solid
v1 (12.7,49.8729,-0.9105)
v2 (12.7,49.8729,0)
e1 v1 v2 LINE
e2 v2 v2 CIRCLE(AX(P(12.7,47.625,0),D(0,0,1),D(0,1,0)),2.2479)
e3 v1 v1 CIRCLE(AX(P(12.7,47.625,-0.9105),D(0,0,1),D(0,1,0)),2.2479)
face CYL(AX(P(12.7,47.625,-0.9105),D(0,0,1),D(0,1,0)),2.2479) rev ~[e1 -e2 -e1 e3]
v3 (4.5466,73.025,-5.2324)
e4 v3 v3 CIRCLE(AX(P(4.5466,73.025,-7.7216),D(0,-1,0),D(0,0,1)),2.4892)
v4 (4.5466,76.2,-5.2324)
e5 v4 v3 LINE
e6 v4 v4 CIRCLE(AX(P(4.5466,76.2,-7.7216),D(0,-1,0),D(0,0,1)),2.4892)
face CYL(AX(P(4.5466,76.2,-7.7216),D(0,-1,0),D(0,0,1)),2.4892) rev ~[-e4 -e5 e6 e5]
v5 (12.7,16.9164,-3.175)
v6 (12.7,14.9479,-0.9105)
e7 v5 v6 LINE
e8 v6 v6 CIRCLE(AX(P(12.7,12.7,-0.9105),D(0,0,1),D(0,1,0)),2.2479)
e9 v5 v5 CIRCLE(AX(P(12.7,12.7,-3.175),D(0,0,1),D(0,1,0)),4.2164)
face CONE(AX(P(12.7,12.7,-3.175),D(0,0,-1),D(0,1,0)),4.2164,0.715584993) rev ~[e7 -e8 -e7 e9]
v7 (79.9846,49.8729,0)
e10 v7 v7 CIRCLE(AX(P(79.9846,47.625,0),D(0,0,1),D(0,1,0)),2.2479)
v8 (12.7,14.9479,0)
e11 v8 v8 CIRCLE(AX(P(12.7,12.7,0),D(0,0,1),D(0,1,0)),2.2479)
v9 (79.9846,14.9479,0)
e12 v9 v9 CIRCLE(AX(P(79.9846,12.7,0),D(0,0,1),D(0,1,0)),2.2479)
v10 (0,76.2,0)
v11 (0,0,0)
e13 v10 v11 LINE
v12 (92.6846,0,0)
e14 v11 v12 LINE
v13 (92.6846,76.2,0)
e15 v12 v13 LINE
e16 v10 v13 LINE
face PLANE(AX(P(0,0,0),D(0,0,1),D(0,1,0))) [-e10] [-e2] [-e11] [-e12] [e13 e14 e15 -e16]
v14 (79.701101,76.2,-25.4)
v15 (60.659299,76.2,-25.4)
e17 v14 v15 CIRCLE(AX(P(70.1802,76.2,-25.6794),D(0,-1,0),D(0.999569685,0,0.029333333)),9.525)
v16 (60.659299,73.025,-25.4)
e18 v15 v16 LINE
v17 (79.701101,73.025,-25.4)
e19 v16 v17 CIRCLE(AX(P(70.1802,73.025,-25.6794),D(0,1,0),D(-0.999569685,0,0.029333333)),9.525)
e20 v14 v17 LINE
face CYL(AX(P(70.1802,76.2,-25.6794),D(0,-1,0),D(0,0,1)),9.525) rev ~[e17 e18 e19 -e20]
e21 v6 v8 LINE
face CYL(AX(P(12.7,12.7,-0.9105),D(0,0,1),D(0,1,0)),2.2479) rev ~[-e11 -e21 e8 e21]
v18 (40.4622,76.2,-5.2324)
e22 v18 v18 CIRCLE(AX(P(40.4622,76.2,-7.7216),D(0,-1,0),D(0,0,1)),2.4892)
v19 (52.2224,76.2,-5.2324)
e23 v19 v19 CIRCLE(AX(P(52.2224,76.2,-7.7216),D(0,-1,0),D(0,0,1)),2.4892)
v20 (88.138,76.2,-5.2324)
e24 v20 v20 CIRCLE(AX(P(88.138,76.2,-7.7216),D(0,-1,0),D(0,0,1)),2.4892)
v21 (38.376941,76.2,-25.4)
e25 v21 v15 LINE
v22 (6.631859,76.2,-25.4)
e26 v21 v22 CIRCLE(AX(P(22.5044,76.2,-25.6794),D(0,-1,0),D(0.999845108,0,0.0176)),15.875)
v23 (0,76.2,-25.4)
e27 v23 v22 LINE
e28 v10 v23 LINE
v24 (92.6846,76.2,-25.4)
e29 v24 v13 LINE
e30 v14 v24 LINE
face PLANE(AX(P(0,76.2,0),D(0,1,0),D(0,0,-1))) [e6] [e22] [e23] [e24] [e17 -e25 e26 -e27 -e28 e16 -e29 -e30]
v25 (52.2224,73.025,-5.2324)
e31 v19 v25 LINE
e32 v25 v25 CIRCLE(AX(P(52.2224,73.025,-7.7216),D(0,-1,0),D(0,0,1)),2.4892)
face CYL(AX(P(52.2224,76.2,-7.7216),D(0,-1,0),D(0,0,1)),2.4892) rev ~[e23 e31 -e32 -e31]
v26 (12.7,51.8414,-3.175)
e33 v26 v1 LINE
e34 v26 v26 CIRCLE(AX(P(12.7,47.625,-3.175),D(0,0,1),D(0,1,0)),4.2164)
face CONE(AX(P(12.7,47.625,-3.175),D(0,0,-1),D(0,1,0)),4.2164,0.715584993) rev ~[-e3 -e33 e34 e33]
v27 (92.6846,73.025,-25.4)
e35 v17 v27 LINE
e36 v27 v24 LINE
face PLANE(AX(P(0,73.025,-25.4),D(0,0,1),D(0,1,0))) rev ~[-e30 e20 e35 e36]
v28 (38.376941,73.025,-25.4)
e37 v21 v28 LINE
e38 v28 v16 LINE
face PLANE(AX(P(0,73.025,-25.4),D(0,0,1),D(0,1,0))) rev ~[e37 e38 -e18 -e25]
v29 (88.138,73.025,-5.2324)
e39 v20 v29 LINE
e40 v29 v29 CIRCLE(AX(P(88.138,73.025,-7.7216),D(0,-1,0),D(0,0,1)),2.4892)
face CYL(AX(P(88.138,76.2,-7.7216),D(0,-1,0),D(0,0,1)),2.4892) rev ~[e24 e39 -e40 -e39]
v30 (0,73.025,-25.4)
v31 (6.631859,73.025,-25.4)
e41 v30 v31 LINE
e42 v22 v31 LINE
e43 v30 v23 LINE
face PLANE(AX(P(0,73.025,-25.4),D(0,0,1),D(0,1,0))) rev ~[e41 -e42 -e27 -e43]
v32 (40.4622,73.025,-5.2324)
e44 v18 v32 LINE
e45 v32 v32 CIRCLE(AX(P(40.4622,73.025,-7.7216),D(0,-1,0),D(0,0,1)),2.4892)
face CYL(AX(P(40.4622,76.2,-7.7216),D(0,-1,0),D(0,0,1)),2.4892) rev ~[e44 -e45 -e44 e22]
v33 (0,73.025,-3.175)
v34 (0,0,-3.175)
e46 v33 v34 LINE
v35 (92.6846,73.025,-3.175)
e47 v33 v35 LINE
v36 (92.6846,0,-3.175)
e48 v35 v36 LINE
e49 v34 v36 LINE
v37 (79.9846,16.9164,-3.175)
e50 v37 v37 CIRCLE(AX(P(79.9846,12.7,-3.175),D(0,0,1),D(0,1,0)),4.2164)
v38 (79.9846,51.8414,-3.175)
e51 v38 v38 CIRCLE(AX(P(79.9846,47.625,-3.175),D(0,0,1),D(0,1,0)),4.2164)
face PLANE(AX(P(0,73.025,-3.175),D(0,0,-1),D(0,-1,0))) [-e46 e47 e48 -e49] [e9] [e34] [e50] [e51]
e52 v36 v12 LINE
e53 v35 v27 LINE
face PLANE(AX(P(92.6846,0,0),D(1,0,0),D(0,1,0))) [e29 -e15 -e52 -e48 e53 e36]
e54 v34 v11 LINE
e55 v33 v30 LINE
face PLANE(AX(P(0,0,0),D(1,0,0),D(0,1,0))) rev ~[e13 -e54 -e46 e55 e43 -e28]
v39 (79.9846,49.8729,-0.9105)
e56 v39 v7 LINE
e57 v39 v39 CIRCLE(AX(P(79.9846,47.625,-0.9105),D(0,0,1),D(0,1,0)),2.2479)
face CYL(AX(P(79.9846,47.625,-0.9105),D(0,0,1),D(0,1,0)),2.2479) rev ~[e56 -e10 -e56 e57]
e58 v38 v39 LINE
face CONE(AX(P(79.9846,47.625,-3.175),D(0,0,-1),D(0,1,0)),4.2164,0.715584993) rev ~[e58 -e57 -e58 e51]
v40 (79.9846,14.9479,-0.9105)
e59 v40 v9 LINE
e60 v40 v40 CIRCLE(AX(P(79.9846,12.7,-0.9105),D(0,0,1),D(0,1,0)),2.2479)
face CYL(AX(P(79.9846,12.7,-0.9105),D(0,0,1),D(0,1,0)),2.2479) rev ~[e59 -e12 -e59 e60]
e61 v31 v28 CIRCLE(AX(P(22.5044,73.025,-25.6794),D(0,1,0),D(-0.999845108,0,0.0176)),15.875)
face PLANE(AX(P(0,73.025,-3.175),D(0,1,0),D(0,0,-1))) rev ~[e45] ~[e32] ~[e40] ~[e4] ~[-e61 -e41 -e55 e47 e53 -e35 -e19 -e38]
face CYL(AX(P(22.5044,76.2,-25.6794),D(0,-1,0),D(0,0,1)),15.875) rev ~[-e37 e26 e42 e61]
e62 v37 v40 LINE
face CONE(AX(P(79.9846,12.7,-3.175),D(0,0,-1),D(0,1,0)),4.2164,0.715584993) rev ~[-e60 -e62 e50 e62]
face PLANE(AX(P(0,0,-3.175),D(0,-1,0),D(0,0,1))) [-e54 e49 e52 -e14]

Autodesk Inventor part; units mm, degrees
ref_plane "YZ Plane" through (0, 0, 0) normal (1, 0, 0) x (0, 1, 0)
ref_plane "XZ Plane" through (0, 0, 0) normal (0, 1, 0) x (-1, 0, 0)
ref_plane "XY Plane" through (0, 0, 0) normal (0, 0, 1) x (1, 0, 0)
sketch "Sketch1" plane through (0, 0, 0) normal (1, 0, 0) x (0, 1, 0)
  line L0 (0, 0) -> (76.2, 0)
  line L1 (76.2, 0) -> (76.2, -3.175)
  line L2 (76.2, -3.175) -> (0, -3.175)
  line L3 (0, -3.175) -> (0, 0)
  line L4 (76.2, 0) -> (73.025, 0)
  line L5 (73.025, 0) -> (73.025, -25.4)
  line L6 (73.025, -25.4) -> (76.2, -25.4)
  line L7 (76.2, -25.4) -> (76.2, 0)
  dimension "d0" = 76.2
  dimension "d1" = 3.175
  dimension "d2" = 3.175
  dimension "d3" = 25.4
extrude "Extrusion1" add sketch "Sketch1" along normal blind 92.6846
sketch "Sketch2" plane through (0, 76.2, 0) normal (0, 1, 0) x (1, 0, 0)
  line L0 (0, 0) -> (92.6846, 0) projected
  line L1 (0, 25.4) -> (0, 0) projected
  line L2 (46.3423, -68.8852) -> (46.3423, 85.7759) construction
  point P0 (4.5466, 7.7216)
  point P1 (40.4622, 7.7216)
  point P2 (88.138, 7.7216)
  point P3 (52.2224, 7.7216)
  dimension "d6" = 7.7216
  dimension "d7" = 4.5466
  dimension "d8" = 0
  dimension "d9" = 35.9156
  dimension "d27" = 92.6846
  dimension "d28" = 46.3423
hole "Hole1" at (4.5466, 76.2, -7.7216) at (40.4622, 76.2, -7.7216) at (88.138, 76.2, -7.7216) at (52.2224, 76.2, -7.7216) direction (0, -1, 0) diameter 4.9784 depth 25.4 tip angle 118
sketch "Sketch3" plane through (0, 76.2, 0) normal (0, 1, 0) x (1, 0, 0)
  circle A0 centre (22.5044, 25.6794) radius 14.2875 construction
  circle A1 centre (40.4622, 7.7216) radius 2.4892 construction
  point P0 (0, 0)
  dimension "d17" = 28.575
  dimension "d18" = 17.9578
  dimension "d19" = 17.9578
hole "Hole2" at (22.5044, 76.2, -25.6794) direction (0, -1, 0) diameter 31.75 depth 25.4 tip angle 118
sketch "Sketch4" plane through (0, 76.2, 0) normal (0, 1, 0) x (1, 0, 0)
  circle A0 centre (88.138, 7.7216) radius 2.4892 projected
  point P0 (0, 0)
  point P1 (70.1802, 25.6794)
  dimension "d29" = 17.9578
  dimension "d30" = 17.9578
hole "Hole3" at (70.1802, 76.2, -25.6794) direction (0, -1, 0) diameter 19.05 depth 25.4 tip angle 118
sketch "Sketch5" plane through (0, 0, -3.175) normal (0, 0, -1) x (-1, 0, 0)
  line L0 (0, 0) -> (-92.6846, 0) projected
  line L1 (-92.6846, 0) -> (-92.6846, 73.025) projected
  line L2 (0, 0) -> (0, 73.025) projected
  line L3 (0, 73.025) -> (-6.6319, 73.025) projected
  line L4 (-79.7011, 73.025) -> (-92.6846, 73.025) projected
  point P0 (-79.9846, 47.625)
  point P1 (-12.7, 47.625)
  point P2 (-12.7, 12.7)
  point P3 (-79.9846, 12.7)
  dimension "d38" = 12.7
  dimension "d39" = 12.7
  dimension "d40" = 12.7
  dimension "d41" = 12.7
  dimension "d42" = 12.7
  dimension "d43" = 25.4
  dimension "d44" = 25.4
  dimension "d45" = 12.7
hole "Hole4" at (79.9846, 47.625, -3.175) at (12.7, 47.625, -3.175) at (12.7, 12.7, -3.175) at (79.9846, 12.7, -3.175) direction (0, 0, 1) diameter 4.4958 end through all countersink diameter 8.4328 countersink angle 82 clearance for "Flat Head Machine Screw (82)" size "#8" standard "Ansi Unified Screw Threads"
equation "\"d28\" = 0.5 * d27"
properties part number "CAR_044_180VersaLBracketMount" material "Aluminum 6061"
